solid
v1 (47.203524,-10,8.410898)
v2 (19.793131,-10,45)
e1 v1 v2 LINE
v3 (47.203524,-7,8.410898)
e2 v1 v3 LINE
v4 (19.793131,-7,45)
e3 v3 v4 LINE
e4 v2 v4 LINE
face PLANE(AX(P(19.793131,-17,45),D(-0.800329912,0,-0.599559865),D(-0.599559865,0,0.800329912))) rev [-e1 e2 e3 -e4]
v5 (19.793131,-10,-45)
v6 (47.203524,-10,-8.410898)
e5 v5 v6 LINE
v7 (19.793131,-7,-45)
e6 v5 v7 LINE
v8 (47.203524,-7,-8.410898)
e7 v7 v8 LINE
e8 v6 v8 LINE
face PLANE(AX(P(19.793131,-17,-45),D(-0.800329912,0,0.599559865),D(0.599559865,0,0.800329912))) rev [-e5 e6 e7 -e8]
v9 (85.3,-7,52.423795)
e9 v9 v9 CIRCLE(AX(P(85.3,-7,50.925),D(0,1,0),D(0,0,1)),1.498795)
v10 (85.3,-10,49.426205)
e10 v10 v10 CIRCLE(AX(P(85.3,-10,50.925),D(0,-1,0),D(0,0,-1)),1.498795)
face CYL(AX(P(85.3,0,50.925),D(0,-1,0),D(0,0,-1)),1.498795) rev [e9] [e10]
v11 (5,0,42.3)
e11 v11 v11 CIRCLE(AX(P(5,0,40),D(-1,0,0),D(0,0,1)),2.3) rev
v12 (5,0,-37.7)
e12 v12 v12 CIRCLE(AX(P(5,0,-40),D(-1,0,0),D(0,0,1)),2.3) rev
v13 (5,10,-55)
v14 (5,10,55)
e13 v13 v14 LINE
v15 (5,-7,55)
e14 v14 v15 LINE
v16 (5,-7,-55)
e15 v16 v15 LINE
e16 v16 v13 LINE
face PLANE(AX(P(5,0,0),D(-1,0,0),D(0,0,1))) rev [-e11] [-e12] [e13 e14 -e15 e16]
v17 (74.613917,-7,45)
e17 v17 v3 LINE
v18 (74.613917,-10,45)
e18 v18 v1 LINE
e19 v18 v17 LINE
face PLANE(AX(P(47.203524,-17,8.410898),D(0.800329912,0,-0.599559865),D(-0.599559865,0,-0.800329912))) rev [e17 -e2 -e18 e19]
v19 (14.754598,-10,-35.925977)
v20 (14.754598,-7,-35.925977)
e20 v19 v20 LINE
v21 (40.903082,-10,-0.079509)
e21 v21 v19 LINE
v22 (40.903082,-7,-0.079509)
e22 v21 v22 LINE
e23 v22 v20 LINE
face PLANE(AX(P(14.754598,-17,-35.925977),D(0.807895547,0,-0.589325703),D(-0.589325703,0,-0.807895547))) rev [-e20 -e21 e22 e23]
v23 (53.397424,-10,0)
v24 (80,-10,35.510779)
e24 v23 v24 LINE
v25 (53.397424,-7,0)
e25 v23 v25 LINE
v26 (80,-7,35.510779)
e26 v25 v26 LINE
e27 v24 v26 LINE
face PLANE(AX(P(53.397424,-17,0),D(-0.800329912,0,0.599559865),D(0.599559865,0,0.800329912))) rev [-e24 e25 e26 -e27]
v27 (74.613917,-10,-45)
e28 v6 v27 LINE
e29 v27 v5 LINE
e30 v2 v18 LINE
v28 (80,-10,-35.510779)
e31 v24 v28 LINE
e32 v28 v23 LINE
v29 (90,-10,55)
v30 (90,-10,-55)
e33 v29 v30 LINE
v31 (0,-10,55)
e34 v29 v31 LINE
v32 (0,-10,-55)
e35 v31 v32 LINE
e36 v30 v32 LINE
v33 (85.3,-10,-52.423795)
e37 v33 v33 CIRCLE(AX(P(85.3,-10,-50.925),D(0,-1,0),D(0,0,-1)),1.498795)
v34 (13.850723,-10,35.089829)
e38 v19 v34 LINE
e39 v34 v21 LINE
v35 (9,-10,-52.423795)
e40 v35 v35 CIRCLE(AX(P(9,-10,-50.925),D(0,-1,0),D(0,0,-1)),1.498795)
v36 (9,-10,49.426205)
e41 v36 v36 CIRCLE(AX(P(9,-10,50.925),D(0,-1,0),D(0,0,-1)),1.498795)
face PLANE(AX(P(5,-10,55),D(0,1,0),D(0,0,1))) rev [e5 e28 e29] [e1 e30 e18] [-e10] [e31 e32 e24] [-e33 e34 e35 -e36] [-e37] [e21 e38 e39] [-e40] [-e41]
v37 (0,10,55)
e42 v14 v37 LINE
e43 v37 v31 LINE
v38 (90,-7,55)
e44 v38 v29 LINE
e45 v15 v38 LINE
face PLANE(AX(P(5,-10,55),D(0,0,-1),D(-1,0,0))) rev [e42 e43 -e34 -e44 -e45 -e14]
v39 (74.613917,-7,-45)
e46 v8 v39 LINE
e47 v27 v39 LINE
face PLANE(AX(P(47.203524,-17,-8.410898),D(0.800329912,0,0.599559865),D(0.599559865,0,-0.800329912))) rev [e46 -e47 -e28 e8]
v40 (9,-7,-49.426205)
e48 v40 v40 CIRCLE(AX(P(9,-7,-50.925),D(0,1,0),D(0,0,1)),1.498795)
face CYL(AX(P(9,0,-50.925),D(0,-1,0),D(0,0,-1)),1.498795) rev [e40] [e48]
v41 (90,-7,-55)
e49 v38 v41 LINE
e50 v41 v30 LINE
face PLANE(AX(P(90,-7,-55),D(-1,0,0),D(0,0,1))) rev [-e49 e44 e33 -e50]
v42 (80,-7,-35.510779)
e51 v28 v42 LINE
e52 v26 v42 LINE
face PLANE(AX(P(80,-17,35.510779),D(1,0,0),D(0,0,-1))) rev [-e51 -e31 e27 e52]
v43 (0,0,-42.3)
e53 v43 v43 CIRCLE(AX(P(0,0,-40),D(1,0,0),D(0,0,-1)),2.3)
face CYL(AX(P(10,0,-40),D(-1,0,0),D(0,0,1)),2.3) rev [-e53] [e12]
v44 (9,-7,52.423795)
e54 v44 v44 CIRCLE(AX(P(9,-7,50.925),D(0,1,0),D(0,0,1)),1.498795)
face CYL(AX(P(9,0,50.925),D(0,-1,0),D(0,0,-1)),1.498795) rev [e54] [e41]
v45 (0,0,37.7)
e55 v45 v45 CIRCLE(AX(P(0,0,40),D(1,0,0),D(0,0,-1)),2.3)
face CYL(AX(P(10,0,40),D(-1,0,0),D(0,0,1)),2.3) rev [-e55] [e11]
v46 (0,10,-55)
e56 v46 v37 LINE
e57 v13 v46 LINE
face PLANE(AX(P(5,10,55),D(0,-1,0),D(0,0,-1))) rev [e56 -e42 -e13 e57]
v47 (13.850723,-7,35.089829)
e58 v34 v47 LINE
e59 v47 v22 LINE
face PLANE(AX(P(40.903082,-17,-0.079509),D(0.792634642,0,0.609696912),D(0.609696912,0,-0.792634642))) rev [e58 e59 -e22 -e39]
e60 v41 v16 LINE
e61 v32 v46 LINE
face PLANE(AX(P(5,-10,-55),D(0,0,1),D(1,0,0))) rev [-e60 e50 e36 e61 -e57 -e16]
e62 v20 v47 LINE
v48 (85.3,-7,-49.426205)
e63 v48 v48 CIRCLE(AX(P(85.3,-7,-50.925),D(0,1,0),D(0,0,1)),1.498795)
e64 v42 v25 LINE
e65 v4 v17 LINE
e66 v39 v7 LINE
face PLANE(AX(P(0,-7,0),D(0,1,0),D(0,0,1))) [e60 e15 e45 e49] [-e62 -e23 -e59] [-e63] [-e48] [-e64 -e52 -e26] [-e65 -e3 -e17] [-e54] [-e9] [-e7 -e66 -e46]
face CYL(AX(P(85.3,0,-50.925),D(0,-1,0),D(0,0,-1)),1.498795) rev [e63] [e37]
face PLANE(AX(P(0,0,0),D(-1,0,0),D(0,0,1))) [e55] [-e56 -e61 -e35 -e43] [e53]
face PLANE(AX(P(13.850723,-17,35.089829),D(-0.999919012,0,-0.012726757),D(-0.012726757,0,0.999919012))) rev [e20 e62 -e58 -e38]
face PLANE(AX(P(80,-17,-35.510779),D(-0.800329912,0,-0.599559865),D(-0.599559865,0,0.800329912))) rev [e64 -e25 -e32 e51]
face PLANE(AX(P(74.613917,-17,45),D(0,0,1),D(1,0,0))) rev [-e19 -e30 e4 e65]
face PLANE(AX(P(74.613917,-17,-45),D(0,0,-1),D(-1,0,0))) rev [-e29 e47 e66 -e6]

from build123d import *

# Parameters (mm, degrees)
SKETCH2_W           = 110
SKETCH2_H           = 20
BOSS_EXTRUDE1_DEPTH = 5
SKETCH3_W           = 85
SKETCH3_H           = 110
BOSS_EXTRUDE2_DEPTH = 3
SKETCH4_R           = 2.3
CUT_EXTRUDE2_DEPTH  = 10
SKETCH5_R           = 1.498794896
CUT_EXTRUDE3_DEPTH  = 10
CUT_EXTRUDE4_DEPTH  = 10


with BuildPart() as part:
    # Sketch2 → Boss-Extrude1 (new body)
    with BuildSketch(Plane(origin=(0, 0, 0), x_dir=(0, 0, -1), z_dir=(1, 0, 0))):
        Rectangle(SKETCH2_W, SKETCH2_H)
    extrude(amount=BOSS_EXTRUDE1_DEPTH)

    # Sketch3 → Boss-Extrude2 (add)
    with BuildSketch(Plane(origin=(0, -10, 0), x_dir=(1, 0, 0), z_dir=(0, 1, 0))):
        with Locations((47.5, 0)):
            Rectangle(SKETCH3_W, SKETCH3_H)
    extrude(amount=BOSS_EXTRUDE2_DEPTH)

    # Sketch4 → Cut-Extrude2 (cut)
    with BuildSketch(Plane(origin=(0, 0, 0), x_dir=(0, 0, -1), z_dir=(1, 0, 0))):
        with Locations(Location((40, 0, 0), (0, 0, 180))):
            Circle(SKETCH4_R)
        with Locations(Location((-40, 0, 0), (0, 0, 180))):
            Circle(SKETCH4_R)
    extrude(amount=CUT_EXTRUDE2_DEPTH, mode=Mode.SUBTRACT)

    # Sketch5 → Cut-Extrude3 (cut)
    with BuildSketch(Plane.XZ.offset(10)):
        with Locations(Location((9, 50.925, 0), (0, 0, 270))):
            Circle(SKETCH5_R)
        with Locations(Location((85.3, 50.925, 0), (0, 0, 270))):
            Circle(SKETCH5_R)
        with Locations(Location((85.3, -50.925, 0), (0, 0, 270))):
            Circle(SKETCH5_R)
        with Locations(Location((9, -50.925, 0), (0, 0, 270))):
            Circle(SKETCH5_R)
    extrude(amount=-CUT_EXTRUDE3_DEPTH, mode=Mode.SUBTRACT)

    # Sketch6 → Cut-Extrude4 (cut)
    with BuildSketch(Plane(origin=(0, -7, 0), x_dir=(1, 0, 0), z_dir=(0, 1, 0))):
        Polygon((80, 35.510778555), (53.397423626, 0), (80, -35.510778555), align=None)
        Polygon((40.903082344, 0.079509445), (13.850723409, -35.089828613), (14.754597533, 35.925976571), align=None)
        Polygon((19.79313121, 45), (47.203523895, 8.410897837), (74.613916581, 45), align=None)
        Polygon((47.203523895, -8.410897837), (74.613916581, -45), (19.79313121, -45), align=None)
    extrude(amount=-CUT_EXTRUDE4_DEPTH, mode=Mode.SUBTRACT)


solid = part.part
